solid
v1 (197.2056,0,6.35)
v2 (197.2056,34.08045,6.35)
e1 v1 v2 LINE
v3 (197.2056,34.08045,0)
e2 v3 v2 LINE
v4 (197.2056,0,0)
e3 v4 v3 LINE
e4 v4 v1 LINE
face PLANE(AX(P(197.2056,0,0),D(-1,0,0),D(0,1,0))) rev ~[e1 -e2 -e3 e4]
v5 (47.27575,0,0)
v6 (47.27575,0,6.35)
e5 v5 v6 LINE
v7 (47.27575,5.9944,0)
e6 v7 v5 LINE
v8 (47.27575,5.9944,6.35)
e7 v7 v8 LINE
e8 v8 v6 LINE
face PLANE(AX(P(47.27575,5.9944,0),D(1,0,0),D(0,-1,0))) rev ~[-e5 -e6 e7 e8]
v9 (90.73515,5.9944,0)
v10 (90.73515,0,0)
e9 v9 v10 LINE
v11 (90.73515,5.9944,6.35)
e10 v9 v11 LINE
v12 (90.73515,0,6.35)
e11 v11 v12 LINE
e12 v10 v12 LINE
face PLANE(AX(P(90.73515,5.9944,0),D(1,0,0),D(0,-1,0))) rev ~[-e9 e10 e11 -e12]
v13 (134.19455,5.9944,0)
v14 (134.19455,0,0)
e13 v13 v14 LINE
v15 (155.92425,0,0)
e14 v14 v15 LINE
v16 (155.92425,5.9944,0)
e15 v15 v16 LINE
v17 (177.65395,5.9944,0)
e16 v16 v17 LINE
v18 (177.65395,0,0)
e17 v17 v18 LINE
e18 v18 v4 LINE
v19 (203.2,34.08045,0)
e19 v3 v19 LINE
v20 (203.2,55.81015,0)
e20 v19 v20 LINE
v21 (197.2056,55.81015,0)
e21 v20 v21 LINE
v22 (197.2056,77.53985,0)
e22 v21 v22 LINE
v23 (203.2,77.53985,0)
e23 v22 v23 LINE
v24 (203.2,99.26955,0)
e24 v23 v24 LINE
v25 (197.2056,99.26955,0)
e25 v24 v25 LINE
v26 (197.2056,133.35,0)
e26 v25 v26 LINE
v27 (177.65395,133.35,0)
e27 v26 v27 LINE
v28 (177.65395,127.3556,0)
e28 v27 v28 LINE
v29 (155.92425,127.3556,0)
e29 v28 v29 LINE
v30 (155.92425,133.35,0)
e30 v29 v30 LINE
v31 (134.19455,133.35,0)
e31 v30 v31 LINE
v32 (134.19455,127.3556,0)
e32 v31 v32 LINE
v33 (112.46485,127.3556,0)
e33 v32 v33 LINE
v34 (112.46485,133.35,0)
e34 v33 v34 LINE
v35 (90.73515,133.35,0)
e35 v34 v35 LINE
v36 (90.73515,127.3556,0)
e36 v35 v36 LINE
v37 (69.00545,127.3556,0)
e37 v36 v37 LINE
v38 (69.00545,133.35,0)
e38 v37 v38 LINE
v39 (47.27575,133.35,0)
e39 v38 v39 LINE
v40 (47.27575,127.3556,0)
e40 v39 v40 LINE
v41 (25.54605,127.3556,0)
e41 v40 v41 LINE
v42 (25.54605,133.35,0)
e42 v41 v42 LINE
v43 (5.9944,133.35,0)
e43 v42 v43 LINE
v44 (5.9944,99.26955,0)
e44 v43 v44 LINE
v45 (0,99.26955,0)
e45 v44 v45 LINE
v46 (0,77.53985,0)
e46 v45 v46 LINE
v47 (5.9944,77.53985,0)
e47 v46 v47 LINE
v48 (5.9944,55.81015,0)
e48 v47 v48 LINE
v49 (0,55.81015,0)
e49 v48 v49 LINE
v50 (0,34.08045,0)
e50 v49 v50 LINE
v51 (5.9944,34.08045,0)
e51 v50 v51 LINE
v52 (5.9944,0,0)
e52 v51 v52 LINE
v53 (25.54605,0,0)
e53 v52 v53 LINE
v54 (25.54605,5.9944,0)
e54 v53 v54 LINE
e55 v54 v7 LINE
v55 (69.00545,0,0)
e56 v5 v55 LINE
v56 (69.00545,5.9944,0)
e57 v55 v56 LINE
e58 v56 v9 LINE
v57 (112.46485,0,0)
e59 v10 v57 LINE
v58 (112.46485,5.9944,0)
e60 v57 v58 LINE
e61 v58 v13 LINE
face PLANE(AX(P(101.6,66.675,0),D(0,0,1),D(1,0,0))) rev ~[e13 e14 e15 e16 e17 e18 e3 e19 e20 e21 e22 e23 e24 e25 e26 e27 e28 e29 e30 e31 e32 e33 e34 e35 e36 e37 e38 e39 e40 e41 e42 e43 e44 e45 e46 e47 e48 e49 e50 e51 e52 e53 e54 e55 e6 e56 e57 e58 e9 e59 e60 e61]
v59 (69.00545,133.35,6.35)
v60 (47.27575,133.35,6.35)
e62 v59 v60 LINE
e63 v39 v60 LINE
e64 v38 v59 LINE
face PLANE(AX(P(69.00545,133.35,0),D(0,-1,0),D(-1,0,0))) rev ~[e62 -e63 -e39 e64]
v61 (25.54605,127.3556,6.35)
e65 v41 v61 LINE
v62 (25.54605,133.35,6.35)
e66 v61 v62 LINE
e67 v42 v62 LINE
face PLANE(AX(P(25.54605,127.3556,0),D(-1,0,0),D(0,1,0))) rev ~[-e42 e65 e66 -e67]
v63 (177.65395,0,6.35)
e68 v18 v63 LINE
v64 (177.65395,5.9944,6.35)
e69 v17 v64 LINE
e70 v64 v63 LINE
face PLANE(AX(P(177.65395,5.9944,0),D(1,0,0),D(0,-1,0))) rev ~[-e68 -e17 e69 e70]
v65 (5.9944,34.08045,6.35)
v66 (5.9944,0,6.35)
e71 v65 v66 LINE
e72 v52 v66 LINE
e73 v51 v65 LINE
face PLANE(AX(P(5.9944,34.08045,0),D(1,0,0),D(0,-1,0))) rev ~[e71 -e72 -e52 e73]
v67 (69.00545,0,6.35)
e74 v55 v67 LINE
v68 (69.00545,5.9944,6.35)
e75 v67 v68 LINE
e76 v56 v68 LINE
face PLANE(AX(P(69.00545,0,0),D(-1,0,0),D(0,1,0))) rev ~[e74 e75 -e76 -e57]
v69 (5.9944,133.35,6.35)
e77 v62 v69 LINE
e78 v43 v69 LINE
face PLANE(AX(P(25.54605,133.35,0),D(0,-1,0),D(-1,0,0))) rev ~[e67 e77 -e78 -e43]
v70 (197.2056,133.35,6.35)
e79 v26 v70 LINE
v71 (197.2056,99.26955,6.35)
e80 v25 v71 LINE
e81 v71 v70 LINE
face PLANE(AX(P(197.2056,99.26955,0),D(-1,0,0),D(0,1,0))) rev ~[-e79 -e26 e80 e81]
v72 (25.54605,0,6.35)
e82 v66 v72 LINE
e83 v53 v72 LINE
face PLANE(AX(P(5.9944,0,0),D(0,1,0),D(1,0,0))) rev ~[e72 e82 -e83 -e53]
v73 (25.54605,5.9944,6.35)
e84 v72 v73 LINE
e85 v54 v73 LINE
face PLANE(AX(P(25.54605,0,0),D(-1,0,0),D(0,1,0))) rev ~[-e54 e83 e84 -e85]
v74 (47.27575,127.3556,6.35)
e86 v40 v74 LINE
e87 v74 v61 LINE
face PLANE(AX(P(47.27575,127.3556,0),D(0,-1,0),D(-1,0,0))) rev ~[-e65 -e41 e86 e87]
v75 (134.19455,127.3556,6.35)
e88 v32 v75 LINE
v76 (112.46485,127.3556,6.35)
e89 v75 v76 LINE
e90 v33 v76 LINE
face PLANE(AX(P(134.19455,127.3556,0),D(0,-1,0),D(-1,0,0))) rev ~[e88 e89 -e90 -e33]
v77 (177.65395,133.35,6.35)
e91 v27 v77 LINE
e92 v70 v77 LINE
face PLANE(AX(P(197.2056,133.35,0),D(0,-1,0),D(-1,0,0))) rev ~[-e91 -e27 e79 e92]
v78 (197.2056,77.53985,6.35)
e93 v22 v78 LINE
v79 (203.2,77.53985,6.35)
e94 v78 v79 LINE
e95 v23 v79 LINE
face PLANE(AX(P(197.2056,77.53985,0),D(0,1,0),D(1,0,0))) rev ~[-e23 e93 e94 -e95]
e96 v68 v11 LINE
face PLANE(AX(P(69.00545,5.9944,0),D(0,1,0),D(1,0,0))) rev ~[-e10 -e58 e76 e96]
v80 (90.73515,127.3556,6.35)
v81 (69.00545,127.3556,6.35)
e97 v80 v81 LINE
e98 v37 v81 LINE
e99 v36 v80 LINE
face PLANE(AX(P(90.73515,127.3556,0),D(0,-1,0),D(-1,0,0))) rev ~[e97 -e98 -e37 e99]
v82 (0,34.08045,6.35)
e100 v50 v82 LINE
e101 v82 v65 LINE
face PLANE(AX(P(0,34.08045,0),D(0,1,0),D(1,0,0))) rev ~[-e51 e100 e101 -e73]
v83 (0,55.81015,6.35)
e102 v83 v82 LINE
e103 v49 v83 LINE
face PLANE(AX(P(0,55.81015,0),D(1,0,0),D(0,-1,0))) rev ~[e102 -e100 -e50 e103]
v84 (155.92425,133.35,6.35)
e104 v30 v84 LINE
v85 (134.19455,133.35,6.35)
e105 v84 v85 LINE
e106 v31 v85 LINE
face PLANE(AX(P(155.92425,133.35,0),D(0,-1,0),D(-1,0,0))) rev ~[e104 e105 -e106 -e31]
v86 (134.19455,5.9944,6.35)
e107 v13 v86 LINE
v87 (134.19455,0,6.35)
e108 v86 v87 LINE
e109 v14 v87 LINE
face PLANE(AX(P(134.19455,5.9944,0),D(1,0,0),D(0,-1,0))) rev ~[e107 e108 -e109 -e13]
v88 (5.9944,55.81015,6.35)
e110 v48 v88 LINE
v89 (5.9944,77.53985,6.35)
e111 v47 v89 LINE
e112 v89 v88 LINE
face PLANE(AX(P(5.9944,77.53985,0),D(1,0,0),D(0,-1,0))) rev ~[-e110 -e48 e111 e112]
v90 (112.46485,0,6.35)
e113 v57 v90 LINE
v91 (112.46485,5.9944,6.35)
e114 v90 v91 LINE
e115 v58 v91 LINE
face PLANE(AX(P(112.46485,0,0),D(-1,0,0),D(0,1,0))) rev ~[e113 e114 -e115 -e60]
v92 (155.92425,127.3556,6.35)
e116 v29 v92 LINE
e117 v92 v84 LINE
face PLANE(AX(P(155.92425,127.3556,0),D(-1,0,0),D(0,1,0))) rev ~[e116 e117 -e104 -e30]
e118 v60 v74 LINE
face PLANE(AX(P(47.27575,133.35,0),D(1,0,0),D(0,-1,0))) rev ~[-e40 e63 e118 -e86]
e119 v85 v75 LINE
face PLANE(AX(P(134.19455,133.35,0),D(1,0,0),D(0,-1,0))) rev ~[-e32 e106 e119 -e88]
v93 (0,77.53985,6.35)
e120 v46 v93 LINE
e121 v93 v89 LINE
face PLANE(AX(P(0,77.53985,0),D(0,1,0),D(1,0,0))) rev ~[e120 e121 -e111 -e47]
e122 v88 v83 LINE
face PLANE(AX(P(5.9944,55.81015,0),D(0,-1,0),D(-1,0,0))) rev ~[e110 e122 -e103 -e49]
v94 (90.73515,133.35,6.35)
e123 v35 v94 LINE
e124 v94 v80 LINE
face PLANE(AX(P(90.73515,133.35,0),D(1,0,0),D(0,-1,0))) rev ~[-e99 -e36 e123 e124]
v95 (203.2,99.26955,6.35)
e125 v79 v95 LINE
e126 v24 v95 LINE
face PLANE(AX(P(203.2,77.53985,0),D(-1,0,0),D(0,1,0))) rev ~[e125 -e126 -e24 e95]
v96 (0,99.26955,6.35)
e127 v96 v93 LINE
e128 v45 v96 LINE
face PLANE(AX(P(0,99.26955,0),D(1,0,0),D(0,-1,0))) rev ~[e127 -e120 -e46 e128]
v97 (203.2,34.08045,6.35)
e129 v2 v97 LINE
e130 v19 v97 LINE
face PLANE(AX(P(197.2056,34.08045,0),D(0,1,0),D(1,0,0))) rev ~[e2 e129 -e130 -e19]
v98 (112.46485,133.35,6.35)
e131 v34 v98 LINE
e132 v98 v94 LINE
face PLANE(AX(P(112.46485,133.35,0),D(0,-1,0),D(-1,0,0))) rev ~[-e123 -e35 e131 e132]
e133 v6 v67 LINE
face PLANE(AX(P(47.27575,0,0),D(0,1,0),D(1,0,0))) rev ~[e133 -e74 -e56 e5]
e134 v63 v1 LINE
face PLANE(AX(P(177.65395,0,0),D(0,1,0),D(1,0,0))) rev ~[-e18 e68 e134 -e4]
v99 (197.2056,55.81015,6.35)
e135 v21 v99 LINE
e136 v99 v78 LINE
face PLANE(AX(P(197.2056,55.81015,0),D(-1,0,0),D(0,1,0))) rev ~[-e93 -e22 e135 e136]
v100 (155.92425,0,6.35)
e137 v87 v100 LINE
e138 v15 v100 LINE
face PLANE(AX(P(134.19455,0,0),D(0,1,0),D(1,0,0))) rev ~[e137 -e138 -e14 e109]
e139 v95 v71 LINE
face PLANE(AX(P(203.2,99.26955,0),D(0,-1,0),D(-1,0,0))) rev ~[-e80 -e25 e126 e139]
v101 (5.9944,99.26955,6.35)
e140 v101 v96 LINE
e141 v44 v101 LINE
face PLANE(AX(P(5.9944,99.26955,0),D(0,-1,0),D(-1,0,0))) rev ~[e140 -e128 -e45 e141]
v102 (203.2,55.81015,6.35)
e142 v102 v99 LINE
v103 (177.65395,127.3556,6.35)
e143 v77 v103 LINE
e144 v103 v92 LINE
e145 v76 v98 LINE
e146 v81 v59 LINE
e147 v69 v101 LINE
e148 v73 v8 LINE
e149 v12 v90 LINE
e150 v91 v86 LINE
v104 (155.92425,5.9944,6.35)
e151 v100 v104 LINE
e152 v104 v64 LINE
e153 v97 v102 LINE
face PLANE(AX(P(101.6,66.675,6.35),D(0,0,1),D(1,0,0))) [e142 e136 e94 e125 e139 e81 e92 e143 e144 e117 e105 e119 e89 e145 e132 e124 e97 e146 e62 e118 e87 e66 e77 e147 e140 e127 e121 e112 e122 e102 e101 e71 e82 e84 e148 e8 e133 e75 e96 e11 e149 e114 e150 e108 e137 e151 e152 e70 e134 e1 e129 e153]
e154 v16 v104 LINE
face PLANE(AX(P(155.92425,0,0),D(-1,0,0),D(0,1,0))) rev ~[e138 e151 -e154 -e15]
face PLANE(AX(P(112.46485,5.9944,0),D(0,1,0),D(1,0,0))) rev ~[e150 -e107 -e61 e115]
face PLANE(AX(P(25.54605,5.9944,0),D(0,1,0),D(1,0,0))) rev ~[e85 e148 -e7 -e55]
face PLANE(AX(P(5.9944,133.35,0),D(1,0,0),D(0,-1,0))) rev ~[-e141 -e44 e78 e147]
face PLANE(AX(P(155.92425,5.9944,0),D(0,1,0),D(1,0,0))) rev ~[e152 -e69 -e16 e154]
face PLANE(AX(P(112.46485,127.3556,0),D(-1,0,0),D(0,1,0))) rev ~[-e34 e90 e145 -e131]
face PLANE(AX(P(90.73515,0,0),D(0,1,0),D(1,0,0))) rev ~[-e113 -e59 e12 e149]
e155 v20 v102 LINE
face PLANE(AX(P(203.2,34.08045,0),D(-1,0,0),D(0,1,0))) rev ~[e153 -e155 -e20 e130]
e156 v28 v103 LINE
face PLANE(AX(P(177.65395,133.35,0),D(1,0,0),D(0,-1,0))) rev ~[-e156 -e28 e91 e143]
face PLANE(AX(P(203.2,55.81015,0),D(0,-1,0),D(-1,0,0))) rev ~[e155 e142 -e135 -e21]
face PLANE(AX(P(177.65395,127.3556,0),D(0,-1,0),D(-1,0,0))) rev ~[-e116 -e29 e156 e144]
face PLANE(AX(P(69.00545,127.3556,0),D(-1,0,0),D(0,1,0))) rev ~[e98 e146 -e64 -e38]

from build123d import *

# Parameters (mm, degrees)
BOSS_EXTRUDE1_DEPTH = 6.35


with BuildPart() as part:
    # Sketch3 → Boss-Extrude1 (new body)
    with BuildSketch(Plane.XY):
        Polygon((25.54605, 133.35), (5.9944, 133.35), (5.9944, 99.26955), (0, 99.26955), (0, 77.53985), (5.9944, 77.53985), (5.9944, 55.81015), (0, 55.81015), (0, 34.08045), (5.9944, 34.08045), (5.9944, 12.35075), (5.9944, 0), (25.54605, 0), (25.54605, 5.9944), (47.27575, 5.9944), (47.27575, 0), (69.00545, 0), (69.00545, 5.9944), (90.73515, 5.9944), (90.73515, 0), (112.46485, 0), (112.46485, 5.9944), (134.19455, 5.9944), (134.19455, 0), (155.92425, 0), (155.92425, 5.9944), (177.65395, 5.9944), (177.65395, 0), (197.2056, 0), (197.2056, 34.08045), (203.2, 34.08045), (203.2, 55.81015), (197.2056, 55.81015), (197.2056, 77.53985), (203.2, 77.53985), (203.2, 99.26955), (197.2056, 99.26955), (197.2056, 120.99925), (197.2056, 133.35), (177.65395, 133.35), (177.65395, 127.3556), (155.92425, 127.3556), (155.92425, 133.35), (134.19455, 133.35), (134.19455, 127.3556), (112.46485, 127.3556), (112.46485, 133.35), (90.73515, 133.35), (90.73515, 127.3556), (69.00545, 127.3556), (69.00545, 133.35), (47.27575, 133.35), (47.27575, 127.3556), (25.54605, 127.3556), align=None)
    extrude(amount=BOSS_EXTRUDE1_DEPTH)


solid = part.part
